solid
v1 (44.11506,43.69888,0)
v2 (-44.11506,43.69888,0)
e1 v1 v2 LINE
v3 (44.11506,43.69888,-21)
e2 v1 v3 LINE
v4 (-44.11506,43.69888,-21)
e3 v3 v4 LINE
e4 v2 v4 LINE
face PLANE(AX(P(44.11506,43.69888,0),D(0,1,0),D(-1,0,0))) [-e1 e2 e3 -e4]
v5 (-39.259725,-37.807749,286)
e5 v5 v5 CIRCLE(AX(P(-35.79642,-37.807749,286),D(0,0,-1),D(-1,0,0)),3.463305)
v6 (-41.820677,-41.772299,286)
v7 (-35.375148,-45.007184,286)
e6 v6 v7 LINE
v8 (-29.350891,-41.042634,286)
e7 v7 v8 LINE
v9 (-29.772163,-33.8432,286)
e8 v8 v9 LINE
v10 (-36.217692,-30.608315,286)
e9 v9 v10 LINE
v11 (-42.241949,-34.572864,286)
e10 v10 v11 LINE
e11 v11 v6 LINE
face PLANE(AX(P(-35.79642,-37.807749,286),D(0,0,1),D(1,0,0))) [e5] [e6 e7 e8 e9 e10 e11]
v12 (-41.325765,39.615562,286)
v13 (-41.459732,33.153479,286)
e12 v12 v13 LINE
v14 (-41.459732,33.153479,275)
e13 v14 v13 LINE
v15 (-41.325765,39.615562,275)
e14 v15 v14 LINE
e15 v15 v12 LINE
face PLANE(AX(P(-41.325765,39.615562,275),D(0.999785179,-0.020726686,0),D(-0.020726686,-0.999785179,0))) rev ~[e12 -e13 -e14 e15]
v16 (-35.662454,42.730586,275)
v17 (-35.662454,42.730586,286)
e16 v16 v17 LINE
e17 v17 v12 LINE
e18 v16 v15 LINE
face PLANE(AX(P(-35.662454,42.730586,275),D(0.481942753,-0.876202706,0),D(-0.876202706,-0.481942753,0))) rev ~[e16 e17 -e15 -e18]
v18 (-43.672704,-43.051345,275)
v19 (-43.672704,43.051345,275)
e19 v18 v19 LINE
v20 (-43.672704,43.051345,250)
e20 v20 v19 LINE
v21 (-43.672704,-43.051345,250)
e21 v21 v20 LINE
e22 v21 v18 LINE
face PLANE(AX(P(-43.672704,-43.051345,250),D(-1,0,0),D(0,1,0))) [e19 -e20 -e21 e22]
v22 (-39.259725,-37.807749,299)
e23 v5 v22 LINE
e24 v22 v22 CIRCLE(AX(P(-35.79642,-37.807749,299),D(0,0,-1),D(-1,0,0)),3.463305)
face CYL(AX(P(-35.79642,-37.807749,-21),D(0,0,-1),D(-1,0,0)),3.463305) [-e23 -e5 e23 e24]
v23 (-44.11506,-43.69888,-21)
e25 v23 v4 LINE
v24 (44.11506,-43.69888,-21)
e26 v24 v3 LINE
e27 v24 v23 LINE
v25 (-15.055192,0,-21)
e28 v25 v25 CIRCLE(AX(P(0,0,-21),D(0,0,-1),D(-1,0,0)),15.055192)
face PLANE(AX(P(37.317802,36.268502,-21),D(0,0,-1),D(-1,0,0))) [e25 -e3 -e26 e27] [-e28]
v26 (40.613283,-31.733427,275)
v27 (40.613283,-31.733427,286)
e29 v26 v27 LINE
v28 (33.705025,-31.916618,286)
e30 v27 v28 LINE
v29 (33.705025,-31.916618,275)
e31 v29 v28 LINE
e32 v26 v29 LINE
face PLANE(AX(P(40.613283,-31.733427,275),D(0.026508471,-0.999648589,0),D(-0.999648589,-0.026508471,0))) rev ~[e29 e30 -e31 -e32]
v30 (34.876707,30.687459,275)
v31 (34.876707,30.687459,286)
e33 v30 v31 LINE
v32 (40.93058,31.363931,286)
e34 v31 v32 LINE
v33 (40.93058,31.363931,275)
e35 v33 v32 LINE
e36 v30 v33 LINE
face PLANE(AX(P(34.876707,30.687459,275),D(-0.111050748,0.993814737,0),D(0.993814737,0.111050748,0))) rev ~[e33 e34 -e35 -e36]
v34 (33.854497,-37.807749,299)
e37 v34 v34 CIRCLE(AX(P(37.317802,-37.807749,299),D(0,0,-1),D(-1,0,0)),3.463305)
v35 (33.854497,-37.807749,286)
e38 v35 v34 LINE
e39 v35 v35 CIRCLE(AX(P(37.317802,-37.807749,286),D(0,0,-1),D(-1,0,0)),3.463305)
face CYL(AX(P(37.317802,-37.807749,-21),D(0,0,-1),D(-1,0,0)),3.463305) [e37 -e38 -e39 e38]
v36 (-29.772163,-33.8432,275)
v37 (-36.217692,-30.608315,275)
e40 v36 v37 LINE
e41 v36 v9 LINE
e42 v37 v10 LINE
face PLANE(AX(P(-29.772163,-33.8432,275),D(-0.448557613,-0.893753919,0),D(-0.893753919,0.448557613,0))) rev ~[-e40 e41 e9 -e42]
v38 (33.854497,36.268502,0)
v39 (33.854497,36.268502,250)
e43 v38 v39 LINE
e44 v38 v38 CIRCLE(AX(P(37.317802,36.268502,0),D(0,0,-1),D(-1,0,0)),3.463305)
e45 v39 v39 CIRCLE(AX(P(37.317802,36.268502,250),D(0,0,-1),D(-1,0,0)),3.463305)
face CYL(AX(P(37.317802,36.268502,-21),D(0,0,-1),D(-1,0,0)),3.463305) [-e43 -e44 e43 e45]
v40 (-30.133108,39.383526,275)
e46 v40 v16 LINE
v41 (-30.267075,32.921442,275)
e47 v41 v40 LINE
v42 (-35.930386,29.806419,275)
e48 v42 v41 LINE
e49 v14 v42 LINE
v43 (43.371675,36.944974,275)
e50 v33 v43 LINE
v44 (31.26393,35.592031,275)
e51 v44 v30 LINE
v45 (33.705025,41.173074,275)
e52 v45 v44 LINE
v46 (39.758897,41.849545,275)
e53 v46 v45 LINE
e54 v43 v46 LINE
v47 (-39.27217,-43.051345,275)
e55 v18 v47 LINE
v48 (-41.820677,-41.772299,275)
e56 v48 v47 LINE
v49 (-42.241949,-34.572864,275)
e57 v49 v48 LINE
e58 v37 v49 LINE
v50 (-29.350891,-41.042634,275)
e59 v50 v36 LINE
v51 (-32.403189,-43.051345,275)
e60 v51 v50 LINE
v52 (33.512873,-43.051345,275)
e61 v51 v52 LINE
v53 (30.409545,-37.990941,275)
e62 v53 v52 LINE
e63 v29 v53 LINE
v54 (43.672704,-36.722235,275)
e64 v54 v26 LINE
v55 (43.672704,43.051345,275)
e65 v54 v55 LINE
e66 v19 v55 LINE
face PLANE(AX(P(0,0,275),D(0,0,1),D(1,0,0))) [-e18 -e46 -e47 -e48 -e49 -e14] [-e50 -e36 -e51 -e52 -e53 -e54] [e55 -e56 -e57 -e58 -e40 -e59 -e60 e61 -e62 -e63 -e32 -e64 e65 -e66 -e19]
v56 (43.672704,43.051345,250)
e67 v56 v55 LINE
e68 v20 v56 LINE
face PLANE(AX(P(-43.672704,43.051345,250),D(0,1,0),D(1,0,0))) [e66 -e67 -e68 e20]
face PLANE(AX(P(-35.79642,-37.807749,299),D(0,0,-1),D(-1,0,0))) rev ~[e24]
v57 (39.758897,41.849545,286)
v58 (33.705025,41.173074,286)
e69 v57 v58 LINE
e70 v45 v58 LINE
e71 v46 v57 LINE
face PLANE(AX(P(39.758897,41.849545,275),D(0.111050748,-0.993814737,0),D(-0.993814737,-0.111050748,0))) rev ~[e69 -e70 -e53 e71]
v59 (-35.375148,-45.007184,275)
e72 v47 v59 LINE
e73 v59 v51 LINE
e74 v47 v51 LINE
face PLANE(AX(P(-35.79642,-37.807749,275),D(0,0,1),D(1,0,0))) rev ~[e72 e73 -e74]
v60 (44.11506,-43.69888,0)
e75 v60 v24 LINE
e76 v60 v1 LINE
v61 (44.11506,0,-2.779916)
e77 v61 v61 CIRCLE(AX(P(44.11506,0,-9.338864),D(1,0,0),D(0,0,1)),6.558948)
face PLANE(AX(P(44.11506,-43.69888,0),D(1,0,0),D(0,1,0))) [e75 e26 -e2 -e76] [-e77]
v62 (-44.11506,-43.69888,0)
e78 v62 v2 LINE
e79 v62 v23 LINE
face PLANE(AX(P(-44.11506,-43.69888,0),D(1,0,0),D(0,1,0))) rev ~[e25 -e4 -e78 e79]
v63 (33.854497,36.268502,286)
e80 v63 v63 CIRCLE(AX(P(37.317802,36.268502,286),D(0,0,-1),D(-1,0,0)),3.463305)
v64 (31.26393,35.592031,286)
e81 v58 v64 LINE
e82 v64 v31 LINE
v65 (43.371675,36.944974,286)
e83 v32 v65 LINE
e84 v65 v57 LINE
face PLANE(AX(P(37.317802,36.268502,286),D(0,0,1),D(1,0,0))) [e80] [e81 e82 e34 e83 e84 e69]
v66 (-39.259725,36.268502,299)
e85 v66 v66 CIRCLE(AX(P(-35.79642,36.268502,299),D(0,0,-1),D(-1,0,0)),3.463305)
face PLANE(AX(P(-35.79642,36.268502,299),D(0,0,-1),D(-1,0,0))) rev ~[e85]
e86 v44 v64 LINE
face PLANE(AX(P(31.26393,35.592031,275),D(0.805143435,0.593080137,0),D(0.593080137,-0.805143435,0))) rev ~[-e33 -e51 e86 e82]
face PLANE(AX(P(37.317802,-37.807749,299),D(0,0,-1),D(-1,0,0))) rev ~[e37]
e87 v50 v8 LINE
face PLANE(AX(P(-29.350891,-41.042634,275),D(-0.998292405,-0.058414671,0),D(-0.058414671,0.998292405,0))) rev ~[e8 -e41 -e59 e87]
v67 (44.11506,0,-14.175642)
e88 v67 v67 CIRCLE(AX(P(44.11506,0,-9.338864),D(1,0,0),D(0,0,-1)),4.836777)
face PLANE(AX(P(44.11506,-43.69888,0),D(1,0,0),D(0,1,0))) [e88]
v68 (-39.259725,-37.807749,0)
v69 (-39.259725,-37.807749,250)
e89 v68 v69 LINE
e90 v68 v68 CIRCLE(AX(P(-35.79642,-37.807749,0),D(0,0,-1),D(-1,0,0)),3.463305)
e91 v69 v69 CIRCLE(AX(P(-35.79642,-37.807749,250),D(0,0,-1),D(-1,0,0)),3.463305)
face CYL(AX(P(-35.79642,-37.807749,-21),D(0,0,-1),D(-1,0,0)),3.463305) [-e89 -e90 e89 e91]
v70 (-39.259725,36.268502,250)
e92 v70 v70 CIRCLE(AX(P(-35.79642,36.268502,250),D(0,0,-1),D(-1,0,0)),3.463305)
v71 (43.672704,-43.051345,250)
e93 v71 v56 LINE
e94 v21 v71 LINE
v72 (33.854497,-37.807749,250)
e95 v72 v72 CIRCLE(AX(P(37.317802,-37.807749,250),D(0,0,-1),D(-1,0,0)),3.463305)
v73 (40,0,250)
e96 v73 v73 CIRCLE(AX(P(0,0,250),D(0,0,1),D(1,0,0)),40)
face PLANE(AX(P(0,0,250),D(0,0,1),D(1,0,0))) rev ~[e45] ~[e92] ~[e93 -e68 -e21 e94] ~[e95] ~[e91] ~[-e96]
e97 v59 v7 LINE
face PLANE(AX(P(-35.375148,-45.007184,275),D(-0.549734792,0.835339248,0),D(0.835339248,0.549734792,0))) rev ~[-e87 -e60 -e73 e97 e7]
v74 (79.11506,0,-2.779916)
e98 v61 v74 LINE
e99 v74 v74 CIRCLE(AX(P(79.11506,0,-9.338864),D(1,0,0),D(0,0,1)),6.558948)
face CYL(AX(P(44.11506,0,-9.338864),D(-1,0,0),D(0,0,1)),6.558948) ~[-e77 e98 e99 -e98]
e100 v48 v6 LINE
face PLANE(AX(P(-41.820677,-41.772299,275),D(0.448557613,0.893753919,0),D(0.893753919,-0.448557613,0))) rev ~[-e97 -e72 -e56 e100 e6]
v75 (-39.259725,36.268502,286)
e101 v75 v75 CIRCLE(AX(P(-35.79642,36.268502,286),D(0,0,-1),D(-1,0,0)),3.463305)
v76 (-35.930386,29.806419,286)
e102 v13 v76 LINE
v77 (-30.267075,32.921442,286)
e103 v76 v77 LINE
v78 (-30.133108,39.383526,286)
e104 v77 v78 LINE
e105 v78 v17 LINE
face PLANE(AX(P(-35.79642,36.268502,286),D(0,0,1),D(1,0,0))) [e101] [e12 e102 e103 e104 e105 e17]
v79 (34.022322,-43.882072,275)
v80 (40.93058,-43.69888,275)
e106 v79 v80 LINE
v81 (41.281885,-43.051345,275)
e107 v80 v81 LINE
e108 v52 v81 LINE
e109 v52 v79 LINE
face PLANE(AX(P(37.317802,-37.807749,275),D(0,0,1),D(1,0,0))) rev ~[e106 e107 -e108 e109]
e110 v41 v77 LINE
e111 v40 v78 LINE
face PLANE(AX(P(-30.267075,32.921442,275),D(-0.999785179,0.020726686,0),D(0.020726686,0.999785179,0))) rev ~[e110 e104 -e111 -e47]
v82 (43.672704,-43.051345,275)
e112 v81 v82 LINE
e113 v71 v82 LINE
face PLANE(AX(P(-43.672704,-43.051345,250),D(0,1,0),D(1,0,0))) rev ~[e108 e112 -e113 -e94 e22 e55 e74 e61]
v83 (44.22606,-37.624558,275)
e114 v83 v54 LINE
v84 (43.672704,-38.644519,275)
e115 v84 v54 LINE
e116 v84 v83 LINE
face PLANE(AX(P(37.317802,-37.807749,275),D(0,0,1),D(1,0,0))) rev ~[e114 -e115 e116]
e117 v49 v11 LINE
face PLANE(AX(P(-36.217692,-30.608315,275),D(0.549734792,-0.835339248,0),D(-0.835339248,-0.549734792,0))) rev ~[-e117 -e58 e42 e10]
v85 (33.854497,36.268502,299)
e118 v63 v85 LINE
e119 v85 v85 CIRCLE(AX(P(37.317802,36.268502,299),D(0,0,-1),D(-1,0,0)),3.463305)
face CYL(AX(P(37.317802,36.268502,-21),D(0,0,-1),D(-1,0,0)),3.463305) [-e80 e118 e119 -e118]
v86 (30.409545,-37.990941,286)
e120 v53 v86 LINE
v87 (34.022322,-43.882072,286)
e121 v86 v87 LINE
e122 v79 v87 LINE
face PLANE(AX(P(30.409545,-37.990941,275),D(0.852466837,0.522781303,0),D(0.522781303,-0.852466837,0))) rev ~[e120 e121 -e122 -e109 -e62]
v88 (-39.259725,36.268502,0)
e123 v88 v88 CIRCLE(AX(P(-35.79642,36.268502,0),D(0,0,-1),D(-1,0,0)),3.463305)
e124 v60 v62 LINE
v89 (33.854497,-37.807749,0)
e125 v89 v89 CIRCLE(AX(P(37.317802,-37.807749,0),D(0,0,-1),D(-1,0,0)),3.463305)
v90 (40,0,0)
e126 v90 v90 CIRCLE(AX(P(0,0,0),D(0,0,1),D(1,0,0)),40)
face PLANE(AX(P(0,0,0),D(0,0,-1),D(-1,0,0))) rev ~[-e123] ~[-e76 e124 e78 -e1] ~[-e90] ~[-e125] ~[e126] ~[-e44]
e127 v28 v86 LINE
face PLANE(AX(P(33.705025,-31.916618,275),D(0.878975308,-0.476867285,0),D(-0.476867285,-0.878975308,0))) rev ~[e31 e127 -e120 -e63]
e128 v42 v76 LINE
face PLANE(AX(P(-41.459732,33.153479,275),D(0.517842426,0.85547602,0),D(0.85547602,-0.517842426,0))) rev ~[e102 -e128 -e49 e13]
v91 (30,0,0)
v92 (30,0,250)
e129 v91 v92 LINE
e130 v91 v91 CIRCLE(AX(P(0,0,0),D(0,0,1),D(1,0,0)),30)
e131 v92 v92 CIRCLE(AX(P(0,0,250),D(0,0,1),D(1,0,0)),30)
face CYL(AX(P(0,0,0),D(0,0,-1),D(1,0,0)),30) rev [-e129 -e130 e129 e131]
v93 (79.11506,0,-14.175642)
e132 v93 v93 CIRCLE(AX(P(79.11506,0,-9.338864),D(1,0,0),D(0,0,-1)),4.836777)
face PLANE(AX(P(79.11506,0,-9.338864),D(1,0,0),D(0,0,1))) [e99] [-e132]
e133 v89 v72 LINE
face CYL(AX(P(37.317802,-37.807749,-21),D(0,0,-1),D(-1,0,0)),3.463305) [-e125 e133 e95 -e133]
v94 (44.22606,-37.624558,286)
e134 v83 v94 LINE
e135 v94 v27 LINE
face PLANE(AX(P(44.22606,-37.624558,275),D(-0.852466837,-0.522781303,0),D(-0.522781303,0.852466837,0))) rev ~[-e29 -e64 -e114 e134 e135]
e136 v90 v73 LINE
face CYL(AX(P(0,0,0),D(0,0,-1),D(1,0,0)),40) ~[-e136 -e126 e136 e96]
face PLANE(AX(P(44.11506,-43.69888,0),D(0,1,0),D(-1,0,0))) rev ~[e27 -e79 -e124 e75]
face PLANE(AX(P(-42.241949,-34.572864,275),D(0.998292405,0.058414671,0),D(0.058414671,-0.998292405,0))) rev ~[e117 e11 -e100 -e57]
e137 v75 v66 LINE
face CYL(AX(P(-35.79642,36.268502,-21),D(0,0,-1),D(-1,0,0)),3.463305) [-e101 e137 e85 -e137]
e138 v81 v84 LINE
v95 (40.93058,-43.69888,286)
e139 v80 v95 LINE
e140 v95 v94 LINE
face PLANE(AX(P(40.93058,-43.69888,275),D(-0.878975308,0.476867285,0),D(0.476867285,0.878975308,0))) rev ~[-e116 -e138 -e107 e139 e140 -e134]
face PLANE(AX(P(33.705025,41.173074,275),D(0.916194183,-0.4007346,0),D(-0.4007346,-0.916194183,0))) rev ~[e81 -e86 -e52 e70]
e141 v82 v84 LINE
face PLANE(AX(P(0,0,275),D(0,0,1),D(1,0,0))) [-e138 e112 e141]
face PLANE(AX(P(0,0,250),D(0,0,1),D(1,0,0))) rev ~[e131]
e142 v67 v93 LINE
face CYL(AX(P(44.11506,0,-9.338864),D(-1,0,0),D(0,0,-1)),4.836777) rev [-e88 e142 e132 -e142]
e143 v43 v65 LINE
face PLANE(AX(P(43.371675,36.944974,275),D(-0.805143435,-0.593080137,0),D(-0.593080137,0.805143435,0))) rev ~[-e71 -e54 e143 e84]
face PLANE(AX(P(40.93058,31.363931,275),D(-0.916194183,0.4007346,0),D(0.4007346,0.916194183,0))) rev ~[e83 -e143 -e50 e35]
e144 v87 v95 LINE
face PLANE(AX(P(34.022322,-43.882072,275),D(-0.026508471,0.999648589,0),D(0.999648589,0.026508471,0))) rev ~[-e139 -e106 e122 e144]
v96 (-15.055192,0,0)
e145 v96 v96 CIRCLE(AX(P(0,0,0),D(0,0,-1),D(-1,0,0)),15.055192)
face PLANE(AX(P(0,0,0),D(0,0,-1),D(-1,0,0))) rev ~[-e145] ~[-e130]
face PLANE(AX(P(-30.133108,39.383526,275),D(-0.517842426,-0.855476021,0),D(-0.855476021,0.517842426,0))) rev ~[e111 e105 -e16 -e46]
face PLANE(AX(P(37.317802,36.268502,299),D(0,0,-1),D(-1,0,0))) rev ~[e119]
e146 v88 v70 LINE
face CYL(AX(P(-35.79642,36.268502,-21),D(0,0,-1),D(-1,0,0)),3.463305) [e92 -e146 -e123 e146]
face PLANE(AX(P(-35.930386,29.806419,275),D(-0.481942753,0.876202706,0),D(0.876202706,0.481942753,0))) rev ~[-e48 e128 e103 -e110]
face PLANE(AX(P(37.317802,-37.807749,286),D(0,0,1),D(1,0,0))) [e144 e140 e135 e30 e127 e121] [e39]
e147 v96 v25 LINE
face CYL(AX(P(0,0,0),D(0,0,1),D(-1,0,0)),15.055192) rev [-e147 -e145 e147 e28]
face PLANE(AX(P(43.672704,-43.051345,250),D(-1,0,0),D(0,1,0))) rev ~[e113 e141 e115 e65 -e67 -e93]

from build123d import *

# Parameters (mm, degrees)
SKETCH1_R           = 40
SKETCH1_R_2         = 30
BOSS_EXTRUDE1_DEPTH = 250
SKETCH2_W           = 87.3454085
SKETCH2_H           = 86.102689272
BOSS_EXTRUDE2_DEPTH = 25
SKETCH3_W           = 88.230119684
SKETCH3_H           = 87.397760064
SKETCH3_R           = 15.055192133
BOSS_EXTRUDE3_DEPTH = 21
SKETCH4_R           = 6.558948387
SKETCH4_R_2         = 4.836777433
BOSS_EXTRUDE4_DEPTH = 35
SKETCH5_R           = 3.463305275
BOSS_EXTRUDE5_DEPTH = 320
BOSS_EXTRUDE6_DEPTH = 11


with BuildPart() as part:
    # Sketch1 → Boss-Extrude1 (new body)
    with BuildSketch(Plane.XY):
        Circle(SKETCH1_R)
        Circle(SKETCH1_R_2, mode=Mode.SUBTRACT)
    extrude(amount=BOSS_EXTRUDE1_DEPTH)

    # Sketch2 → Boss-Extrude2 (add)
    with BuildSketch(Plane.XY.offset(250)):
        Rectangle(SKETCH2_W, SKETCH2_H)
    extrude(amount=BOSS_EXTRUDE2_DEPTH)

    # Sketch3 → Boss-Extrude3 (add)
    with BuildSketch(Plane(origin=(0, 0, 0), x_dir=(-1, 0, 0), z_dir=(0, 0, -1))):
        Rectangle(SKETCH3_W, SKETCH3_H)
        Circle(SKETCH3_R, mode=Mode.SUBTRACT)
    extrude(amount=BOSS_EXTRUDE3_DEPTH)

    # Sketch4 → Boss-Extrude4 (add)
    with BuildSketch(Plane(origin=(44.115059842, 0, 0), x_dir=(0, 0, -1), z_dir=(1, 0, 0))):
        with Locations(Location((9.33886413, 0, 0), (0, 0, 180))):
            Circle(SKETCH4_R)
        with Locations((9.33886413, 0)):
            Circle(SKETCH4_R_2, mode=Mode.SUBTRACT)
    extrude(amount=BOSS_EXTRUDE4_DEPTH)

    # Sketch5 → Boss-Extrude5 (add)
    with BuildSketch(Plane(origin=(0, 0, -21), x_dir=(-1, 0, 0), z_dir=(0, 0, -1))):
        with Locations((-37.317802409, 36.268502466)):
            Circle(SKETCH5_R)
        with Locations((35.79642007, 36.268502466)):
            Circle(SKETCH5_R)
        with Locations((35.79642007, -37.807749255)):
            Circle(SKETCH5_R)
        with Locations((-37.317802409, -37.807749255)):
            Circle(SKETCH5_R)
    extrude(amount=-BOSS_EXTRUDE5_DEPTH)

    # Sketch6 → Boss-Extrude6 (add)
    with BuildSketch(Plane.XY.offset(275)):
        Polygon((-30.267074755, 32.921442439), (-30.1331084, 39.383525962), (-35.662453716, 42.73058599), (-41.325765385, 39.615562494), (-41.45973174, 33.153478971), (-35.930386425, 29.806418943), align=None)
        Polygon((40.930579927, 31.363930691), (43.37167492, 36.944973688), (39.758897402, 41.849545463), (33.70502489, 41.173074242), (31.263929897, 35.592031245), (34.876707416, 30.68745947), align=None)
        Polygon((-29.350890947, -41.042634272), (-29.772162906, -33.843199803), (-36.217692029, -30.608314786), (-42.241949193, -34.572864239), (-41.820677234, -41.772298708), (-35.375148111, -45.007183725), align=None)
        Polygon((40.930579927, -43.698880032), (44.226060077, -37.624557535), (40.613282559, -31.733426758), (33.70502489, -31.916618479), (30.40954474, -37.990940976), (34.022322258, -43.882071753), align=None)
    extrude(amount=BOSS_EXTRUDE6_DEPTH)


solid = part.part
